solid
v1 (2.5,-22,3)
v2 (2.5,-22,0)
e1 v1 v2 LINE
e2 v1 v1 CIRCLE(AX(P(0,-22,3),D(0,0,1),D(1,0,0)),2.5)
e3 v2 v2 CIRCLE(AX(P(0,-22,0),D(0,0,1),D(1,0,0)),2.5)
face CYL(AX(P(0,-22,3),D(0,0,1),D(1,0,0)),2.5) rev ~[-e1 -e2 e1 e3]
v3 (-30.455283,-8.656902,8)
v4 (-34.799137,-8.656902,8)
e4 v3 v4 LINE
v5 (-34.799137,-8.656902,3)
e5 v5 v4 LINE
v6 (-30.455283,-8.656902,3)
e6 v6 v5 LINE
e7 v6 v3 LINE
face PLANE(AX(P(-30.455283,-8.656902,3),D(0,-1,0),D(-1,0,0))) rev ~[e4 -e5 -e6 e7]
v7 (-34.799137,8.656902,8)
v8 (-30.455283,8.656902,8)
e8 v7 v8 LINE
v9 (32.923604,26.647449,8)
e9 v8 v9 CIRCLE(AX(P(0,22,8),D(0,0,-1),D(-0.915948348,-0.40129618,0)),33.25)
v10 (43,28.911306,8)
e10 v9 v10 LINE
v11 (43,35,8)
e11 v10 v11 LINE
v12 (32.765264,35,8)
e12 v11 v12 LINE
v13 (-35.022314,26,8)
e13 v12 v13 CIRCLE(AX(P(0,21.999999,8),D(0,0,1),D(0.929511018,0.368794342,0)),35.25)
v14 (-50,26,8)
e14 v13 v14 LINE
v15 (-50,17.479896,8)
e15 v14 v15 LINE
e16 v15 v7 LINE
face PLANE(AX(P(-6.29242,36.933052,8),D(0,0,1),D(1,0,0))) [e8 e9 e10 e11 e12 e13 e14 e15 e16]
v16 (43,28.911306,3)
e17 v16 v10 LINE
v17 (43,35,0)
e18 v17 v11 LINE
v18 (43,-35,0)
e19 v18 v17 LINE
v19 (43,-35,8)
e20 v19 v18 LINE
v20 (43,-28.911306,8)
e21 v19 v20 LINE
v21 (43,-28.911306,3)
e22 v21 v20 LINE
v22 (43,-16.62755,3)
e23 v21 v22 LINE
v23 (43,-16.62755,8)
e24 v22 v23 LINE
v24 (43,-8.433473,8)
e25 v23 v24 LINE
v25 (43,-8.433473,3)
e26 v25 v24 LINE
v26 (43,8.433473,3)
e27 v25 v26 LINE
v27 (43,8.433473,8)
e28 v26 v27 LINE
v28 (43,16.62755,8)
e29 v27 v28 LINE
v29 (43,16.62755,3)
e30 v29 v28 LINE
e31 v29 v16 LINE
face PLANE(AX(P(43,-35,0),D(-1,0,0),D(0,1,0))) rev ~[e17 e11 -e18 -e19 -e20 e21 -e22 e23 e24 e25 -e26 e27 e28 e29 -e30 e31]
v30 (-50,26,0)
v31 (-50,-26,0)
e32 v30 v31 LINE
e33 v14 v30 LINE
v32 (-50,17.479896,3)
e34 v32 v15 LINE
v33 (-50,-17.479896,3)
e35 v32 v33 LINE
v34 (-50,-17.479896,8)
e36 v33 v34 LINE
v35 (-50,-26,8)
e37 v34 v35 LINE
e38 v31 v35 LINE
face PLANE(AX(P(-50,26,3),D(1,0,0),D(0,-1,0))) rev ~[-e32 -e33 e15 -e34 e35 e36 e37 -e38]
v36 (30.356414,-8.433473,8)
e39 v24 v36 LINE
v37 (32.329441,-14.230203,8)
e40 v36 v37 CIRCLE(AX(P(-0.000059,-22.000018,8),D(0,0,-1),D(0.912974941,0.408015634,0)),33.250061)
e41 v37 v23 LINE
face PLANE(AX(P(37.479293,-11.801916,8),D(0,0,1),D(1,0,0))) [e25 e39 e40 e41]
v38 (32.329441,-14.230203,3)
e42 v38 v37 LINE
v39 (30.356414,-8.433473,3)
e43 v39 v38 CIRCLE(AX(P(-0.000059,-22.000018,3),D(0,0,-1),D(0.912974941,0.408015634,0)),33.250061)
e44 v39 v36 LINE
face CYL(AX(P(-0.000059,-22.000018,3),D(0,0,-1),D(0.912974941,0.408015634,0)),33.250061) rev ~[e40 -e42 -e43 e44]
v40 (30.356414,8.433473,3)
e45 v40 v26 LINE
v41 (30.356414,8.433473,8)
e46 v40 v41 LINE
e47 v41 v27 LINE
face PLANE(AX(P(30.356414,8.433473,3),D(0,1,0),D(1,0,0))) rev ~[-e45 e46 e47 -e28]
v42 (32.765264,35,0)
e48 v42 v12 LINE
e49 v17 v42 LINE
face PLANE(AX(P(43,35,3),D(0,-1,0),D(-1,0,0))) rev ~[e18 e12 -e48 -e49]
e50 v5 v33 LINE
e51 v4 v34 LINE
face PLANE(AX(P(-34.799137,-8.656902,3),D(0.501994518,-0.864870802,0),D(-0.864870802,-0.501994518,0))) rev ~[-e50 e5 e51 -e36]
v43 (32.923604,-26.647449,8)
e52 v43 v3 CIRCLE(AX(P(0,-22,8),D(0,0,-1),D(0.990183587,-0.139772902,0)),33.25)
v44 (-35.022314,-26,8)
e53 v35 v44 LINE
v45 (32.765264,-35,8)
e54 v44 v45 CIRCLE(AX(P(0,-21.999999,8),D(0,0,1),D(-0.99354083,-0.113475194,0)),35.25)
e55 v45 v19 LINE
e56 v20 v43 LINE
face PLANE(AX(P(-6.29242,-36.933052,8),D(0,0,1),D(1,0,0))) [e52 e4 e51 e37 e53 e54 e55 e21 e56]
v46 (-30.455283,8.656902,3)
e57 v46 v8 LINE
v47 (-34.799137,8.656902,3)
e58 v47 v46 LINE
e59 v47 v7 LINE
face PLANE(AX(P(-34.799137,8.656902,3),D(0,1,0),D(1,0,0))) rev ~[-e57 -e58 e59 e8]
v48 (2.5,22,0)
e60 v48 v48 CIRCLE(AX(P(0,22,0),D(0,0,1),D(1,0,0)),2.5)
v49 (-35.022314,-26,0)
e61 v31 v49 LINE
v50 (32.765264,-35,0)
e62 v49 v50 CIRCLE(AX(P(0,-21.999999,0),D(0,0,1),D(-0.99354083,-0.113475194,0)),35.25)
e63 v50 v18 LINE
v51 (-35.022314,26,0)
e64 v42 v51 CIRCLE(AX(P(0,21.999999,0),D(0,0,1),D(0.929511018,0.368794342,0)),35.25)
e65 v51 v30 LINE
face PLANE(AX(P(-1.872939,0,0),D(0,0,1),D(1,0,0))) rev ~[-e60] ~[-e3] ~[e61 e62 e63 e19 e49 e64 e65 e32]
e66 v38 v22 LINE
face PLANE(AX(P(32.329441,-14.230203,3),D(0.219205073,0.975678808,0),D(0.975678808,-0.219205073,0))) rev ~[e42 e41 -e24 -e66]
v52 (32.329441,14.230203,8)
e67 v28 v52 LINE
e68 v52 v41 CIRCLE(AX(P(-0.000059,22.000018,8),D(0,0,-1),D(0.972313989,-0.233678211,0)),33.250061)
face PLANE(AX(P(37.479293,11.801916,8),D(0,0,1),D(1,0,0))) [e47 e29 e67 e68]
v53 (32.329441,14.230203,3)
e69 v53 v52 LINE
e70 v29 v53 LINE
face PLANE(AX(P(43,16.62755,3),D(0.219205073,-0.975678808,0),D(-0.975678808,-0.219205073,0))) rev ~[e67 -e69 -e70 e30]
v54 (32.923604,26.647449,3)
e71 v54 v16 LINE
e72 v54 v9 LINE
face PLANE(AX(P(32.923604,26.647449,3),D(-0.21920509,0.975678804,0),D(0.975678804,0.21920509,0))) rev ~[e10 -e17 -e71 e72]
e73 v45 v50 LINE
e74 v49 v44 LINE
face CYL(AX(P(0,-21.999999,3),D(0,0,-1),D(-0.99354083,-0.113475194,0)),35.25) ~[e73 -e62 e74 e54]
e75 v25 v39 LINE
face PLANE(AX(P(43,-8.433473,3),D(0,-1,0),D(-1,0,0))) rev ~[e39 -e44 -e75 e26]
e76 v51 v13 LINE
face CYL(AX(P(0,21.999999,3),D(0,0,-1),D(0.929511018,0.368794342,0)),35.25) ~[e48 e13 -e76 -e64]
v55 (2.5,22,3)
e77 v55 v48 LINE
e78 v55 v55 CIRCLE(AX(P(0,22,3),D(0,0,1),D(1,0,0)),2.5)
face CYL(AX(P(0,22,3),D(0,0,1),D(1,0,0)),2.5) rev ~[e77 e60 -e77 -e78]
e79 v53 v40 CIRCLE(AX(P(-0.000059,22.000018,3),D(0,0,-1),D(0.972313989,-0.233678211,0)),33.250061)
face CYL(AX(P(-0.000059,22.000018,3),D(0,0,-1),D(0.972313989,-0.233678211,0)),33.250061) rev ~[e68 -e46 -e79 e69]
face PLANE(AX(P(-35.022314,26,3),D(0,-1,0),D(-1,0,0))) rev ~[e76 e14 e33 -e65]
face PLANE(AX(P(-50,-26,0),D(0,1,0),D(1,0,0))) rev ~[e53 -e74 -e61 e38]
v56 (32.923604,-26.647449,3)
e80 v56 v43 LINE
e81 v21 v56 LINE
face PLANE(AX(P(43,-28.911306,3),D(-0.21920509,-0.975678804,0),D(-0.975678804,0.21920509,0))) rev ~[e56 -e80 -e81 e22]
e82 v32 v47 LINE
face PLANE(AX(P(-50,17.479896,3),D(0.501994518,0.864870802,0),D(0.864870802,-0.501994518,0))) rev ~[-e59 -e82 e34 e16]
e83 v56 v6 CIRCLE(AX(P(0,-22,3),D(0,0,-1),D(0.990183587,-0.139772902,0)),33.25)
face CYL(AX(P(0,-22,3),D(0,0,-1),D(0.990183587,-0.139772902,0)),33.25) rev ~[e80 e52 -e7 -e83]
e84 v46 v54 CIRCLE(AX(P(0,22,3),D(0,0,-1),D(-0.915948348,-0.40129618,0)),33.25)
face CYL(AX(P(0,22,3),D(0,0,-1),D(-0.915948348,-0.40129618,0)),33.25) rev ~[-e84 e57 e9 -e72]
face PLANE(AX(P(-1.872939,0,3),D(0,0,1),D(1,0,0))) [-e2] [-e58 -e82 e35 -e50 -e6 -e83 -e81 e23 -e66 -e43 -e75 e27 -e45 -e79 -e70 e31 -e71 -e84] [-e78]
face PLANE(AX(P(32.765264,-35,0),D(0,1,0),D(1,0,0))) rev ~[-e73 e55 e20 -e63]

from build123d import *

# Parameters (mm, degrees)
F1_DEPTH = 3
F3_DEPTH = 5
F4_R     = 2.5
F5_DEPTH = 3.001


with BuildPart() as f1:
    # F0 (on Top) → F1 (new body)
    with BuildSketch(Plane.XY):
        with BuildLine():
            Line((43, -35), (43, 35))
            Line((43, 35), (32.765264, 35))
            ThreePointArc((32.765264, 35), (-4.63935, 56.943367), (-35.022314, 26))
            Line((-35.022314, 26), (-50, 26))
            Line((-50, 26), (-50, -26))
            Line((-50, -26), (-35.022314, -26))
            ThreePointArc((-35.022314, -26), (-4.63935, -56.943367), (32.765264, -35))
            Line((32.765264, -35), (43, -35))
        make_face()
    extrude(amount=F1_DEPTH)

    # F2 (on face) → F3 (join)
    with BuildSketch(Plane.XY.offset(3)):
        with BuildLine():
            Line((-34.799137, 8.656902), (-30.455283, 8.656902))
            ThreePointArc((-30.455283, 8.656902), (-9.079543, 53.986316), (32.923604, 26.647449))
            Line((32.923604, 26.647449), (43, 28.911306))
            Line((43, 28.911306), (43, 35))
            Line((43, 35), (32.765264, 35))
            ThreePointArc((32.765264, 35), (-4.63935, 56.943367), (-35.022314, 26))
            Line((-35.022314, 26), (-50, 26))
            Line((-50, 26), (-50, 17.479896))
            Line((-50, 17.479896), (-34.799137, 8.656902))
        make_face()
        with BuildLine():
            Line((43, -28.911306), (32.923604, -26.647449))
            ThreePointArc((32.923604, -26.647449), (-9.079543, -53.986316), (-30.455283, -8.656902))
            Line((-30.455283, -8.656902), (-34.799137, -8.656902))
            Line((-34.799137, -8.656902), (-50, -17.479896))
            Line((-50, -17.479896), (-50, -26))
            Line((-50, -26), (-35.022314, -26))
            ThreePointArc((-35.022314, -26), (-4.63935, -56.943367), (32.765264, -35))
            Line((32.765264, -35), (43, -35))
            Line((43, -35), (43, -28.911306))
        make_face()
        with BuildLine():
            Line((43, 16.62755), (32.329441, 14.230203))
            ThreePointArc((32.329441, 14.230203), (31.476652, 11.286323), (30.356414, 8.433473))
            Line((30.356414, 8.433473), (43, 8.433473))
            Line((43, 8.433473), (43, 16.62755))
        make_face()
        with BuildLine():
            Line((43, -8.433473), (30.356414, -8.433473))
            ThreePointArc((30.356414, -8.433473), (31.476652, -11.286323), (32.329441, -14.230203))
            Line((32.329441, -14.230203), (43, -16.62755))
            Line((43, -16.62755), (43, -8.433473))
        make_face()
    extrude(amount=F3_DEPTH)

    # F4 (on face) → F5 (cut, through all)
    with BuildSketch(Plane.XY.offset(3)):
        with Locations((0, 22)):
            Circle(F4_R)
        with Locations((0, -22)):
            Circle(F4_R)
    extrude(amount=-F5_DEPTH, mode=Mode.SUBTRACT)


solid = f1.part
